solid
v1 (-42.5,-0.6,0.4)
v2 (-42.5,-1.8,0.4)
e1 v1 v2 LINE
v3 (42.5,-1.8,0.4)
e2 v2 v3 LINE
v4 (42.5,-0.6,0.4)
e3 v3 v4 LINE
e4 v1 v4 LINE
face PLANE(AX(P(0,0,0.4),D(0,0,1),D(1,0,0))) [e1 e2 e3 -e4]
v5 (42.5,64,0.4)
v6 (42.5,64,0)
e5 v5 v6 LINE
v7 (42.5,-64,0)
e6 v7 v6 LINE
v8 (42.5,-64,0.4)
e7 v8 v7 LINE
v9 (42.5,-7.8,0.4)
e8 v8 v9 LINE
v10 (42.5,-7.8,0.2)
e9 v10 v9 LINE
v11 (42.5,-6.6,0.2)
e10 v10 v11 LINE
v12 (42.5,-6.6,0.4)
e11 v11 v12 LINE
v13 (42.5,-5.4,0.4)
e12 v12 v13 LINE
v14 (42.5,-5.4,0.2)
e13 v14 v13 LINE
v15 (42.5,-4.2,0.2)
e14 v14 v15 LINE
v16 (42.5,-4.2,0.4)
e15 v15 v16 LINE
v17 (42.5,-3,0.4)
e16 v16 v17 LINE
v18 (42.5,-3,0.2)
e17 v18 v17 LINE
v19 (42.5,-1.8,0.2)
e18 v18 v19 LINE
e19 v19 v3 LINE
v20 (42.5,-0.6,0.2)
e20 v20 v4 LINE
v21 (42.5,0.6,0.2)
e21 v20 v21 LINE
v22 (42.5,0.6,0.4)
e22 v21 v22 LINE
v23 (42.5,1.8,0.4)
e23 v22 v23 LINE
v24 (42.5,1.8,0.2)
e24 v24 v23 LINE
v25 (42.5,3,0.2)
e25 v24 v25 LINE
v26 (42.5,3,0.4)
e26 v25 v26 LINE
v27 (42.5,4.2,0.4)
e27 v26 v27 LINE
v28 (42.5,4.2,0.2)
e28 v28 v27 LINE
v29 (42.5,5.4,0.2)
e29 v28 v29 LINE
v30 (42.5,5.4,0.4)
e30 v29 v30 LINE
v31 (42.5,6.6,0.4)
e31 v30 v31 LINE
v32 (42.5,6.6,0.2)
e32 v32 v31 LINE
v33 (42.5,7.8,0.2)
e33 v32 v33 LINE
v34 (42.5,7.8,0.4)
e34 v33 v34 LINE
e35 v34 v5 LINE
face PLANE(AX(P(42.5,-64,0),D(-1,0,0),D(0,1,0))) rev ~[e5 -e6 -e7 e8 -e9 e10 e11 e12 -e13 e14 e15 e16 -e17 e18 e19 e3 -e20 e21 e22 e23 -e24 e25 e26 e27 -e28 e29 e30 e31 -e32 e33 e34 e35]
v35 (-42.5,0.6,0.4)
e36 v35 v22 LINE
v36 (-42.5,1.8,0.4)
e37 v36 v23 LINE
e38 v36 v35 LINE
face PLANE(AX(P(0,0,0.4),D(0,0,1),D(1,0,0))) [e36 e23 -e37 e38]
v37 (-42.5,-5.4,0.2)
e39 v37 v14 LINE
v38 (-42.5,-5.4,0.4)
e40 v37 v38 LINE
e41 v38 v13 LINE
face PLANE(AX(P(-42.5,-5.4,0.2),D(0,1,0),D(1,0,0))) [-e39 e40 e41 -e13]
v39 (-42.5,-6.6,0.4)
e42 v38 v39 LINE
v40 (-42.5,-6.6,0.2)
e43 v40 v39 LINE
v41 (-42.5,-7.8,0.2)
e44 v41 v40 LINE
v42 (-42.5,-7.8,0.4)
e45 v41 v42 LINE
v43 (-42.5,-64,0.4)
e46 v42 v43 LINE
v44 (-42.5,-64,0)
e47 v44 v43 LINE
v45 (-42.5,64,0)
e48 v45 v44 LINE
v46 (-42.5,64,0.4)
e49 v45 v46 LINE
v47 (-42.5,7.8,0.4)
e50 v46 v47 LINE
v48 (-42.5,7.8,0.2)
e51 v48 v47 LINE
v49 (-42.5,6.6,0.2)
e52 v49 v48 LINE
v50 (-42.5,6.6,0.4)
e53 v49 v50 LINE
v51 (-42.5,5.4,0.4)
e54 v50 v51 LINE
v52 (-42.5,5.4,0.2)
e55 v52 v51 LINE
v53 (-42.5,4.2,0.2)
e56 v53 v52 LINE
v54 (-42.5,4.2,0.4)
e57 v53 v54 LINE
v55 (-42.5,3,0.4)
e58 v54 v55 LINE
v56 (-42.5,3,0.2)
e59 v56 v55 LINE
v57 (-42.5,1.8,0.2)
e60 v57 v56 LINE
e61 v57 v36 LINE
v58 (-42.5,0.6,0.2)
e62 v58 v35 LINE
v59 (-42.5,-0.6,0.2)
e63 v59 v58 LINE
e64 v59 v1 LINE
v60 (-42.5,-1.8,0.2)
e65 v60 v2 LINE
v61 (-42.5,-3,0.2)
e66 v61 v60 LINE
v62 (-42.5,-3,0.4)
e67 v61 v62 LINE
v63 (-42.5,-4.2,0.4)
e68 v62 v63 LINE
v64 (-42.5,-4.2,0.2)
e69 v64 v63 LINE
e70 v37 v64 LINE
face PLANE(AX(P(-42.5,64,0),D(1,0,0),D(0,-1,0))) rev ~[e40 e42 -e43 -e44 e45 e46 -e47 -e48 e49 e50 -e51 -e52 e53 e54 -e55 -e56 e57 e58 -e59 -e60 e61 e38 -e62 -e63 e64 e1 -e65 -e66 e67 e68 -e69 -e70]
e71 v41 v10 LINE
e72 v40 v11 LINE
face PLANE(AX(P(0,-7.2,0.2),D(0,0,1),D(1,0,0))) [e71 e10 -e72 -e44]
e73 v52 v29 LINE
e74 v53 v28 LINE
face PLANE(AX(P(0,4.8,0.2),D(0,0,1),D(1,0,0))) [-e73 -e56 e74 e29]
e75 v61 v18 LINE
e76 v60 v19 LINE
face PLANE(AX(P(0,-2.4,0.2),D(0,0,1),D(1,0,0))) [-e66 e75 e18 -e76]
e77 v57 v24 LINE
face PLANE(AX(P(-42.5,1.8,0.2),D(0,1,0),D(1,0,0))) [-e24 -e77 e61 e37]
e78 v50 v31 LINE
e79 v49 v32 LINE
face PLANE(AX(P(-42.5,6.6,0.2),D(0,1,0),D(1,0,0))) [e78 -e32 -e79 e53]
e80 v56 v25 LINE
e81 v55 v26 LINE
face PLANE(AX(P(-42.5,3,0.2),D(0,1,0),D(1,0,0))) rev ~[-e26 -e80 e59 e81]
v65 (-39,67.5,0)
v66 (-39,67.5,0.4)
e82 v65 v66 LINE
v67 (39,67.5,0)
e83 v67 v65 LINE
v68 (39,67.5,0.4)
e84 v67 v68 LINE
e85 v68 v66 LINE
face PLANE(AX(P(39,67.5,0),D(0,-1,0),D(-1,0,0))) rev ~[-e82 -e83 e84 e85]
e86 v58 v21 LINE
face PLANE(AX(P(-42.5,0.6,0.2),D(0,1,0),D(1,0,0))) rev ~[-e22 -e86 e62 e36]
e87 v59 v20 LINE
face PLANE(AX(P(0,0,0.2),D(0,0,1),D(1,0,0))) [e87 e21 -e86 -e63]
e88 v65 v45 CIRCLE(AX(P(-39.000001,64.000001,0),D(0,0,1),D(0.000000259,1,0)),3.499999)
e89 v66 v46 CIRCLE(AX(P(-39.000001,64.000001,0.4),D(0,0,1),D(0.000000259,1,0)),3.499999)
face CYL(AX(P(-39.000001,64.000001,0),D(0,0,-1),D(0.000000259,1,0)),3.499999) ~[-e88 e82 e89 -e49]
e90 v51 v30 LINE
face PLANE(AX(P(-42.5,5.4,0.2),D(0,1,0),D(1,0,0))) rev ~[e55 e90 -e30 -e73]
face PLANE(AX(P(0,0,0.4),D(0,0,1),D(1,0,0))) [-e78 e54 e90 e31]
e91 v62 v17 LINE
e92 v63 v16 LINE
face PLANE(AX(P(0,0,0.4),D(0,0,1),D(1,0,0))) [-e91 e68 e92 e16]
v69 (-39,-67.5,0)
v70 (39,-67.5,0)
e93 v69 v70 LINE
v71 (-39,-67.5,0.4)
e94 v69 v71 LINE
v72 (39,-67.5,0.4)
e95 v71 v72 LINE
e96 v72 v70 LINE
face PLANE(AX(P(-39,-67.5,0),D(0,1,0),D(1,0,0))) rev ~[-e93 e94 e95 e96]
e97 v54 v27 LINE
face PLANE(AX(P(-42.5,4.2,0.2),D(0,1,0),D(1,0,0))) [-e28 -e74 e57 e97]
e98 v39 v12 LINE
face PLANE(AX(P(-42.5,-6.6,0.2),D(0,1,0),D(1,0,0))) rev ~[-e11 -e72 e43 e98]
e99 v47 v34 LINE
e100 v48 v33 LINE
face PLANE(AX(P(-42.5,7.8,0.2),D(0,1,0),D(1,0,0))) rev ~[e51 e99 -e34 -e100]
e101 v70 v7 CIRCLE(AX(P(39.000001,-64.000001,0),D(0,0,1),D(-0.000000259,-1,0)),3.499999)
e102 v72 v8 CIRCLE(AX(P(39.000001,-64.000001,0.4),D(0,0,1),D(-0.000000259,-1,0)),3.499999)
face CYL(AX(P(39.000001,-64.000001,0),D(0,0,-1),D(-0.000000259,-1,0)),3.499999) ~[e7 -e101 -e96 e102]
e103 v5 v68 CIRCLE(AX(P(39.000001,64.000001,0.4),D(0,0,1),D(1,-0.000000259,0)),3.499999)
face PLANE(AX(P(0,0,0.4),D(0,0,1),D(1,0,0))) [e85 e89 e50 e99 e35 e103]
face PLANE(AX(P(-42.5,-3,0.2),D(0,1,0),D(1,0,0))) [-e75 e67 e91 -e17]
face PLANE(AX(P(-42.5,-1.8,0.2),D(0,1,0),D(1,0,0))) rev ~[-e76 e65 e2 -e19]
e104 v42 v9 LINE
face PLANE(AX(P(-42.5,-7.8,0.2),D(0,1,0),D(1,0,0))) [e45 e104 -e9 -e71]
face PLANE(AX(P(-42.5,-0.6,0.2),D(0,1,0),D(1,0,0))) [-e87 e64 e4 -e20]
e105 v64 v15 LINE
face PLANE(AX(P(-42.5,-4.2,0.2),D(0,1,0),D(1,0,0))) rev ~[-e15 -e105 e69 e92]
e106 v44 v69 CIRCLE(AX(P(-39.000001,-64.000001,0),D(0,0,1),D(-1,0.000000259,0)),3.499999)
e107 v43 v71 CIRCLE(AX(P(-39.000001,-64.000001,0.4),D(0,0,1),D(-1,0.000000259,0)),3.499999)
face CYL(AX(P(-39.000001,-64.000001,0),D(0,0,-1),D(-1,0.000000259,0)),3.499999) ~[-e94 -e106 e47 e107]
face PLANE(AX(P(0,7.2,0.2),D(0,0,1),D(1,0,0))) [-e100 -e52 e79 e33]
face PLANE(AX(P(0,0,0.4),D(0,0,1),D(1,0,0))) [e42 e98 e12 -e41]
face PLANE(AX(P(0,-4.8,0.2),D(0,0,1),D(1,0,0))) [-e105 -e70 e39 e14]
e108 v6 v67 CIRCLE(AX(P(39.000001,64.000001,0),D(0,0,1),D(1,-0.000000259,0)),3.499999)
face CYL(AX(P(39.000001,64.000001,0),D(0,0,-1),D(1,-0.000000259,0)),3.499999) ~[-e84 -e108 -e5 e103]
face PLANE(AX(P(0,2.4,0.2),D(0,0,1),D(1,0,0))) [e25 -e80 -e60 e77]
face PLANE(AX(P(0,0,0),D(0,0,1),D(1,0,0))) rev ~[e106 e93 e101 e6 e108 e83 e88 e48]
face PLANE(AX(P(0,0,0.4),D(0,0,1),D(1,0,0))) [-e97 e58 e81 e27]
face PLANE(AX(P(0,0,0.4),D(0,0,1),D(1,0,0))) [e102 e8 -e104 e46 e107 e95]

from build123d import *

# Parameters (mm, degrees)
F1_DEPTH = 0.2
F3_DEPTH = 0.4
F2_W     = 85
F2_H     = 1.2
F4_DEPTH = 0.2


with BuildPart() as f1:
    # F0 (on Top) → F1 (new body)
    with BuildSketch(Plane.XY):
        with BuildLine():
            ThreePointArc((42.5, 64), (41.474874, 66.474874), (39, 67.5))
            Line((39, 67.5), (-39, 67.5))
            ThreePointArc((-39, 67.5), (-41.474874, 66.474874), (-42.5, 64))
            Line((-42.5, 64), (-42.5, -64))
            ThreePointArc((-42.5, -64), (-41.474874, -66.474874), (-39, -67.5))
            Line((-39, -67.5), (39, -67.5))
            ThreePointArc((39, -67.5), (41.474874, -66.474874), (42.5, -64))
            Line((42.5, -64), (42.5, 64))
        make_face()
    extrude(amount=F1_DEPTH)

    # F0 (on Top) → F3 (join)
    with BuildSketch(Plane.XY):
        with BuildLine():
            ThreePointArc((42.5, 64), (41.474874, 66.474874), (39, 67.5))
            Line((39, 67.5), (-39, 67.5))
            ThreePointArc((-39, 67.5), (-41.474874, 66.474874), (-42.5, 64))
            Line((-42.5, 64), (-42.5, -64))
            ThreePointArc((-42.5, -64), (-41.474874, -66.474874), (-39, -67.5))
            Line((-39, -67.5), (39, -67.5))
            ThreePointArc((39, -67.5), (41.474874, -66.474874), (42.5, -64))
            Line((42.5, -64), (42.5, 64))
        make_face()
    extrude(amount=F3_DEPTH)

    # F2 (on face) → F4 (cut, through all)
    with BuildSketch(Plane.XY.offset(0.2)):
        Rectangle(F2_W, F2_H)
        with Locations((0, 2.4)):
            Rectangle(F2_W, F2_H)
        with Locations((0, 4.8)):
            Rectangle(F2_W, F2_H)
        with Locations((0, -2.4)):
            Rectangle(F2_W, F2_H)
        with Locations((0, -4.8)):
            Rectangle(F2_W, F2_H)
        with Locations((0, 7.2)):
            Rectangle(F2_W, F2_H)
        with Locations((0, -7.2)):
            Rectangle(F2_W, F2_H)
    extrude(amount=F4_DEPTH, mode=Mode.SUBTRACT)


solid = f1.part
